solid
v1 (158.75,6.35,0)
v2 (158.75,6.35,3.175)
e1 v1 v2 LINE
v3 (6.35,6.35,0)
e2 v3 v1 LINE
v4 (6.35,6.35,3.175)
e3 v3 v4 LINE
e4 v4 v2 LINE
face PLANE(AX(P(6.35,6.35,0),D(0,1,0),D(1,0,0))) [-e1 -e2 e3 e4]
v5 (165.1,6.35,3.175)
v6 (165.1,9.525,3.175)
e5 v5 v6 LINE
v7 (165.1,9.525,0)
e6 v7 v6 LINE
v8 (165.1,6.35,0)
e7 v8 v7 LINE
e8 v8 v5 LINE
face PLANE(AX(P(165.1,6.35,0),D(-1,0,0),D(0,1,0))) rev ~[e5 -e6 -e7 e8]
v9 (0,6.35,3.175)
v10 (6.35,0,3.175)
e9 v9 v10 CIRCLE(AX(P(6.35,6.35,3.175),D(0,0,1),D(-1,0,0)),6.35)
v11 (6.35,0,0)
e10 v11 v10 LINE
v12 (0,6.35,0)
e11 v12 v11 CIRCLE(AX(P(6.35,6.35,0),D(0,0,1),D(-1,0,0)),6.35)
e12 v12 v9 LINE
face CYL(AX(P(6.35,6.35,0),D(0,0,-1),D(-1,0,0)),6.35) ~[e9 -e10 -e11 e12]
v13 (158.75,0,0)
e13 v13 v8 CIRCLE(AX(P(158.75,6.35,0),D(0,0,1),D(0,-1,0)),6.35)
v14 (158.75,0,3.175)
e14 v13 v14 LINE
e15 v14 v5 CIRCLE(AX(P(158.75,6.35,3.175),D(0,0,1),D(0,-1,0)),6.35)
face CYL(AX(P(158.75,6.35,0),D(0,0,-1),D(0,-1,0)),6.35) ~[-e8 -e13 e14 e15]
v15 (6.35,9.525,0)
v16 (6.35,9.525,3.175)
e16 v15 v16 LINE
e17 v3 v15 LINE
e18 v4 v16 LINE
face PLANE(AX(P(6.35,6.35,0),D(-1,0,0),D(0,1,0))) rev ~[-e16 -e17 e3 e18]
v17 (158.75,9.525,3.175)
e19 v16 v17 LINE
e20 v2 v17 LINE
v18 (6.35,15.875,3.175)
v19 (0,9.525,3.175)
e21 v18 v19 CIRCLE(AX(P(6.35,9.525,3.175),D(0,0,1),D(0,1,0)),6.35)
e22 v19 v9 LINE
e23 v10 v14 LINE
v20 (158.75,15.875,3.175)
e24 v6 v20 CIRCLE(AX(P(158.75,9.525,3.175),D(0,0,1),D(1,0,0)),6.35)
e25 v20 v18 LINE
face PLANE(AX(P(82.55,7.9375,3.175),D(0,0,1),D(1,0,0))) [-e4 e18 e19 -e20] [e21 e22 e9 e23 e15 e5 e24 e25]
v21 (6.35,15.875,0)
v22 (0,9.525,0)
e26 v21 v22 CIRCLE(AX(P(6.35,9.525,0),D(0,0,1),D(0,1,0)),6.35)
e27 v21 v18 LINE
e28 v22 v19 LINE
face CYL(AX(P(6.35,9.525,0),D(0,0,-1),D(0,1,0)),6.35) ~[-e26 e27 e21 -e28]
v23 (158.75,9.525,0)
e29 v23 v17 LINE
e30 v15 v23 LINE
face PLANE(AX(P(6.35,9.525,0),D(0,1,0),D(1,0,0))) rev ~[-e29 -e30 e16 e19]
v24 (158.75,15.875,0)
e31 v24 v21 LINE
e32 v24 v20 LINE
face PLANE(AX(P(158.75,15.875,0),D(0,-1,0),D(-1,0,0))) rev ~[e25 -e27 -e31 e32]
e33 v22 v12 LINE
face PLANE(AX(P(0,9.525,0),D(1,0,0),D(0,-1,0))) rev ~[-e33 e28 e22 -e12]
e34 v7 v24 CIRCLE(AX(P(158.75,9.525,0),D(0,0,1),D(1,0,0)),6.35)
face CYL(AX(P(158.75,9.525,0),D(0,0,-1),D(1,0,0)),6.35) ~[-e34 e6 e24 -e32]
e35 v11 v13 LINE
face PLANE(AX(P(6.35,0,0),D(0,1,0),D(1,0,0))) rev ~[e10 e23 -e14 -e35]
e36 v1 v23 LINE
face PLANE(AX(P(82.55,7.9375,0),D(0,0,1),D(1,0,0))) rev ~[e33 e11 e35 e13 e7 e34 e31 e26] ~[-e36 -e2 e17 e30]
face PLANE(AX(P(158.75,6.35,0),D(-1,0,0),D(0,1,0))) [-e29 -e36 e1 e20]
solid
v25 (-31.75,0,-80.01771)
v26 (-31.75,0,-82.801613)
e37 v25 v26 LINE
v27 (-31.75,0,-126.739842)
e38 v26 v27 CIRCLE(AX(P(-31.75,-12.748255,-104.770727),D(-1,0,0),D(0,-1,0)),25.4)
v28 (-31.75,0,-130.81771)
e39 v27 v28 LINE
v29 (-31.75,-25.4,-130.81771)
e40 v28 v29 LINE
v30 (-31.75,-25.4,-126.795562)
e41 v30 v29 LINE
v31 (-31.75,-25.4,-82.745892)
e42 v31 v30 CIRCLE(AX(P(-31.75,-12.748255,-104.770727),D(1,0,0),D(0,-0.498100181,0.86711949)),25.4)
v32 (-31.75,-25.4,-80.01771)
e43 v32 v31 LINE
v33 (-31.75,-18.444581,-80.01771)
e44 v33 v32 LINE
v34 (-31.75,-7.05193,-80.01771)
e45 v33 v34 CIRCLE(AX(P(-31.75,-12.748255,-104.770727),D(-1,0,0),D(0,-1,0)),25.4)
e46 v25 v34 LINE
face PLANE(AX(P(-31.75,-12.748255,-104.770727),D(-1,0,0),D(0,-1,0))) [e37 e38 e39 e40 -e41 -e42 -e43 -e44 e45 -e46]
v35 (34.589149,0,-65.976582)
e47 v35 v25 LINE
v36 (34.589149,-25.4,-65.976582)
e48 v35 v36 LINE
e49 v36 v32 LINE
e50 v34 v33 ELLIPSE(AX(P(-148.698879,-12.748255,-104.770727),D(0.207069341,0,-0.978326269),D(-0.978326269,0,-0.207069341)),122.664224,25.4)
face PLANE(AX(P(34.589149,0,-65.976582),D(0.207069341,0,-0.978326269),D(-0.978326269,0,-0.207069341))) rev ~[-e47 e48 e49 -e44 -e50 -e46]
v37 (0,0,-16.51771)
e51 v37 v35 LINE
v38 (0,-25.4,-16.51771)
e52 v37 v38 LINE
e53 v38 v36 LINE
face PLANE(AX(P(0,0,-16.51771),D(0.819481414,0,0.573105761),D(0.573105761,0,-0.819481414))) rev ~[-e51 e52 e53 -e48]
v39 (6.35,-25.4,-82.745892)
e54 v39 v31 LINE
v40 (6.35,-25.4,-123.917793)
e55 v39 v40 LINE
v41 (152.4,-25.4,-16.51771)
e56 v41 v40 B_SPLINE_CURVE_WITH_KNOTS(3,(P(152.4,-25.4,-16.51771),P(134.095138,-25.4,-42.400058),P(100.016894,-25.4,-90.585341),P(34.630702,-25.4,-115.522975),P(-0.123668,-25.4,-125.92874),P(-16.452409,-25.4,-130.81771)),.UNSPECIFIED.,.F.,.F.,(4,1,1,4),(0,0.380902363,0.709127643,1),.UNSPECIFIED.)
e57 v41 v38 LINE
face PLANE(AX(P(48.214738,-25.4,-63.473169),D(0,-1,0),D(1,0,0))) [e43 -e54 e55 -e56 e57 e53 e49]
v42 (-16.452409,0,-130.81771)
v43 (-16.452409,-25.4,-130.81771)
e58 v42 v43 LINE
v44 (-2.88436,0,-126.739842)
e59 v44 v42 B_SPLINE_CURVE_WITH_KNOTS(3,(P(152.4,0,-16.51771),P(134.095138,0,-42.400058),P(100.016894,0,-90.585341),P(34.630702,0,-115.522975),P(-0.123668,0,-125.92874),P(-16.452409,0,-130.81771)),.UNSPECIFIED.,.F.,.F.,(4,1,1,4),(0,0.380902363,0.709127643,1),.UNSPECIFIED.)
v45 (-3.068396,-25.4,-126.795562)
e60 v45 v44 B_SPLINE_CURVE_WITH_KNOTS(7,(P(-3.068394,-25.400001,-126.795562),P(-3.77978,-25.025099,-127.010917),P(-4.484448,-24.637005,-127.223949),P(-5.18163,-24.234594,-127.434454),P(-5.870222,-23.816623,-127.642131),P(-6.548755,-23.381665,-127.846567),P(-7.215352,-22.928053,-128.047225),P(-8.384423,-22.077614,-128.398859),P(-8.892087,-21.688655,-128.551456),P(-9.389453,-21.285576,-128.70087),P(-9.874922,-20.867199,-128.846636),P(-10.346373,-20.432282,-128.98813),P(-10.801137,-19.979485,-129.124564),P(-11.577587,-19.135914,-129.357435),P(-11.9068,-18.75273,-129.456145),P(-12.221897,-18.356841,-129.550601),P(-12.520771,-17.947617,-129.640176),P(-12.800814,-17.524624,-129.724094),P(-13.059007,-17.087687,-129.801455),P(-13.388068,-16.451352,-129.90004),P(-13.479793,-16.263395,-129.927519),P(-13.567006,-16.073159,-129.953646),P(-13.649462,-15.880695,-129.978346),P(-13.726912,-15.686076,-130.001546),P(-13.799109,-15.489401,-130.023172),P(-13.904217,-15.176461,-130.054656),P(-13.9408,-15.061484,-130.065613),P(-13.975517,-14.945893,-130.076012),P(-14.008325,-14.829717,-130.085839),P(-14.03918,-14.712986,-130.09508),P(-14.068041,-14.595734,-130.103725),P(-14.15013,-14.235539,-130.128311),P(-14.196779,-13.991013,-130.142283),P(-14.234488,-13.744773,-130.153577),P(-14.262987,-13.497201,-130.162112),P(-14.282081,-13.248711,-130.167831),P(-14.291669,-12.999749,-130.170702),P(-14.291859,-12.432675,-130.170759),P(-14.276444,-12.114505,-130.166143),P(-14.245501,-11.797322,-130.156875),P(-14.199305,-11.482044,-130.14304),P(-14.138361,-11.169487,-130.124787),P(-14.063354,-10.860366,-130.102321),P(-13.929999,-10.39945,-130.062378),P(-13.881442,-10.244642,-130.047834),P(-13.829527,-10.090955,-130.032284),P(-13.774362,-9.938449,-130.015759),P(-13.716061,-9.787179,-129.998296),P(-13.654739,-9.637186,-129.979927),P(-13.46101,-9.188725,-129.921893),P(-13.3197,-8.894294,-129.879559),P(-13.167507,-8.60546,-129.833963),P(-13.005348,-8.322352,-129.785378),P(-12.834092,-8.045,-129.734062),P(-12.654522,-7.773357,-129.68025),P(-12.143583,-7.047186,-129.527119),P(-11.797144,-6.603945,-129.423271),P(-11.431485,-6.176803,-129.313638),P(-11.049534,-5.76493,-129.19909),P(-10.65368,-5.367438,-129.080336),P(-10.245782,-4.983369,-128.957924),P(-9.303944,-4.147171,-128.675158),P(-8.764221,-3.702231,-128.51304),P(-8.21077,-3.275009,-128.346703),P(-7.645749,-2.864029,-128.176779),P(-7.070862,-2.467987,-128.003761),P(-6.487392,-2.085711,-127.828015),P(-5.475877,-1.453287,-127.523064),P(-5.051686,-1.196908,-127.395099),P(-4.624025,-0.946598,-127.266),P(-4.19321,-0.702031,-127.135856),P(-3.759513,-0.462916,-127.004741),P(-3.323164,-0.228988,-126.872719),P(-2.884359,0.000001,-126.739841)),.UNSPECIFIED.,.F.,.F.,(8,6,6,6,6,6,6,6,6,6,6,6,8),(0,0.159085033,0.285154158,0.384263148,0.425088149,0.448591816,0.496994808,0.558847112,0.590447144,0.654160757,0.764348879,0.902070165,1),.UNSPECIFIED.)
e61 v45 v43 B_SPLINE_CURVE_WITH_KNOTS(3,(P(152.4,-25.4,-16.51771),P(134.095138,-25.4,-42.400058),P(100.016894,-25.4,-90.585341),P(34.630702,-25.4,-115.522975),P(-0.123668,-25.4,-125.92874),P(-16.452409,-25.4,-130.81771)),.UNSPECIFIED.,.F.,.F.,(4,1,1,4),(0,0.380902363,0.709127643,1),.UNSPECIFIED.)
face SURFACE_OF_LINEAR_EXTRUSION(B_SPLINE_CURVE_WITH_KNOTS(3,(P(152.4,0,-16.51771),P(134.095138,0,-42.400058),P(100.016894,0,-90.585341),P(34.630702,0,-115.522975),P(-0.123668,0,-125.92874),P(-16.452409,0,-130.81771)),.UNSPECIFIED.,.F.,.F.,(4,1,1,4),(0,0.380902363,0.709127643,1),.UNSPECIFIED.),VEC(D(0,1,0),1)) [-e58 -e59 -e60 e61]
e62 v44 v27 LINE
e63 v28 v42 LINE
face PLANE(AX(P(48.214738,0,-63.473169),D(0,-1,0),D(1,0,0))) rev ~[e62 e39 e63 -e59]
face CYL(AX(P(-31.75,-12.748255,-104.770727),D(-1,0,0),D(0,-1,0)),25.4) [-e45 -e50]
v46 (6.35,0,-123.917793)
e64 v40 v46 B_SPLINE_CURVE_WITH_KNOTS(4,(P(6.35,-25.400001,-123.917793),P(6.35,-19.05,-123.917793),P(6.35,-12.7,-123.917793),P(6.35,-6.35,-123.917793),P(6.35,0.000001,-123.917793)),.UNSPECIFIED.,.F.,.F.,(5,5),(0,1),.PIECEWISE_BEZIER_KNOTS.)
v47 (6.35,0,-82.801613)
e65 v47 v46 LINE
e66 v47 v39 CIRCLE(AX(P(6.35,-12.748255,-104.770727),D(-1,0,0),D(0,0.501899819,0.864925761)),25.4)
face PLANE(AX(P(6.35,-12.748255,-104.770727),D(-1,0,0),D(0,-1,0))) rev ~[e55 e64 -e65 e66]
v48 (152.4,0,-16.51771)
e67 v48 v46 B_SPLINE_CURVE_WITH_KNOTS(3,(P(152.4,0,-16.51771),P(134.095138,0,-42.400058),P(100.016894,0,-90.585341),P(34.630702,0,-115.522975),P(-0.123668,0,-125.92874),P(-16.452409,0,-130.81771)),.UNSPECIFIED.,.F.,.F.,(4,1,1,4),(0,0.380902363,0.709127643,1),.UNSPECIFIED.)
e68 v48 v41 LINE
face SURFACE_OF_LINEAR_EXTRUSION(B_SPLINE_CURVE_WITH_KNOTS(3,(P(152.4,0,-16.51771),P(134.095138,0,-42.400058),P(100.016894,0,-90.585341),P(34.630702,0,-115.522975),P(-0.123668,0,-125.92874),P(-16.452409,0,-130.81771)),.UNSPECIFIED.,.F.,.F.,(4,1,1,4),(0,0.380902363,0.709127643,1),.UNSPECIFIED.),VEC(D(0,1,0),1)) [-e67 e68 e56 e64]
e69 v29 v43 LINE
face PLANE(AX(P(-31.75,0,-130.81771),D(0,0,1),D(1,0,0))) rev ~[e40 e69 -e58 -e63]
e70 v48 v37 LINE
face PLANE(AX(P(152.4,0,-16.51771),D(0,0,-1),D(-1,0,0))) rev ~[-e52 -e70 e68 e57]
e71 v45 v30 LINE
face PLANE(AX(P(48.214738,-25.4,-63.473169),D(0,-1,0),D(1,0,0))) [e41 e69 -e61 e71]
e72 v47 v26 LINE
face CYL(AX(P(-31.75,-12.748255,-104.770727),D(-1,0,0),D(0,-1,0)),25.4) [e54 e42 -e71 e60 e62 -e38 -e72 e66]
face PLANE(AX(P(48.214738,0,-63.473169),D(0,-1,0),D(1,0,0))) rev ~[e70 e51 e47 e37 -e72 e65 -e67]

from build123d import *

# Parameters (mm, degrees)
F0_W     = 152.4
F0_H     = 3.175
F1_DEPTH = 3.175
F3_DEPTH = 25.4
F4_R     = 25.4
F5_DEPTH = 38.1


with BuildPart() as f1:
    # F0 (on Top) → F1 (new body)
    with BuildSketch(Plane.XY):
        with BuildLine():
            ThreePointArc((0, 6.35), (1.8598719395, 1.8598719395), (6.35, 0))
            Line((6.35, 0), (158.75, 0))
            ThreePointArc((158.75, 0), (163.2401280605, 1.8598719395), (165.1, 6.35))
            Line((165.1, 6.35), (165.1, 9.525))
            ThreePointArc((165.1, 9.525), (163.2401280605, 14.0151280605), (158.75, 15.875))
            Line((158.75, 15.875), (6.35, 15.875))
            ThreePointArc((6.35, 15.875), (1.8598719395, 14.0151280605), (0, 9.525))
            Line((0, 9.525), (0, 6.35))
        make_face()
        with Locations((82.55, 7.9375)):
            Rectangle(F0_W, F0_H, mode=Mode.SUBTRACT)
    extrude(amount=F1_DEPTH)


with BuildPart() as f3:
    # F2 (on Front) → F3 (new body)
    with BuildSketch(Plane.XZ):
        with BuildLine():
            Line((152.4, -16.5177099407), (0, -16.5177099407))
            Line((0, -16.5177099407), (34.5891490579, -65.9765824676))
            Line((34.5891490579, -65.9765824676), (-31.75, -80.0177099407))
            Line((-31.75, -80.0177099407), (-31.75, -130.8177099407))
            Line((-31.75, -130.8177099407), (-16.452409327, -130.8177099407))
            add(Edge.make_bspline(
                [(152.4, -16.5177099407), (134.0951380327, -42.4000578135), (100.0168941161, -90.5853413475), (34.6307022377, -115.5229748023), (-0.1236675502, -125.928740319), (-16.452409327, -130.8177099407)],
                knots=[0, 0, 0, 0, 0.3809023627, 0.709127643, 1, 1, 1, 1], degree=3))
        make_face()
    extrude(amount=F3_DEPTH)

    # F4 (on face) → F5 (join)
    with BuildSketch(Plane(origin=(-31.75, 0, 0), x_dir=(0, -1, 0), z_dir=(-1, 0, 0))):
        with Locations((12.7482553944, -104.7707274556)):
            Circle(F4_R)
    extrude(amount=-F5_DEPTH)


solid = Compound([f1.part, f3.part])
